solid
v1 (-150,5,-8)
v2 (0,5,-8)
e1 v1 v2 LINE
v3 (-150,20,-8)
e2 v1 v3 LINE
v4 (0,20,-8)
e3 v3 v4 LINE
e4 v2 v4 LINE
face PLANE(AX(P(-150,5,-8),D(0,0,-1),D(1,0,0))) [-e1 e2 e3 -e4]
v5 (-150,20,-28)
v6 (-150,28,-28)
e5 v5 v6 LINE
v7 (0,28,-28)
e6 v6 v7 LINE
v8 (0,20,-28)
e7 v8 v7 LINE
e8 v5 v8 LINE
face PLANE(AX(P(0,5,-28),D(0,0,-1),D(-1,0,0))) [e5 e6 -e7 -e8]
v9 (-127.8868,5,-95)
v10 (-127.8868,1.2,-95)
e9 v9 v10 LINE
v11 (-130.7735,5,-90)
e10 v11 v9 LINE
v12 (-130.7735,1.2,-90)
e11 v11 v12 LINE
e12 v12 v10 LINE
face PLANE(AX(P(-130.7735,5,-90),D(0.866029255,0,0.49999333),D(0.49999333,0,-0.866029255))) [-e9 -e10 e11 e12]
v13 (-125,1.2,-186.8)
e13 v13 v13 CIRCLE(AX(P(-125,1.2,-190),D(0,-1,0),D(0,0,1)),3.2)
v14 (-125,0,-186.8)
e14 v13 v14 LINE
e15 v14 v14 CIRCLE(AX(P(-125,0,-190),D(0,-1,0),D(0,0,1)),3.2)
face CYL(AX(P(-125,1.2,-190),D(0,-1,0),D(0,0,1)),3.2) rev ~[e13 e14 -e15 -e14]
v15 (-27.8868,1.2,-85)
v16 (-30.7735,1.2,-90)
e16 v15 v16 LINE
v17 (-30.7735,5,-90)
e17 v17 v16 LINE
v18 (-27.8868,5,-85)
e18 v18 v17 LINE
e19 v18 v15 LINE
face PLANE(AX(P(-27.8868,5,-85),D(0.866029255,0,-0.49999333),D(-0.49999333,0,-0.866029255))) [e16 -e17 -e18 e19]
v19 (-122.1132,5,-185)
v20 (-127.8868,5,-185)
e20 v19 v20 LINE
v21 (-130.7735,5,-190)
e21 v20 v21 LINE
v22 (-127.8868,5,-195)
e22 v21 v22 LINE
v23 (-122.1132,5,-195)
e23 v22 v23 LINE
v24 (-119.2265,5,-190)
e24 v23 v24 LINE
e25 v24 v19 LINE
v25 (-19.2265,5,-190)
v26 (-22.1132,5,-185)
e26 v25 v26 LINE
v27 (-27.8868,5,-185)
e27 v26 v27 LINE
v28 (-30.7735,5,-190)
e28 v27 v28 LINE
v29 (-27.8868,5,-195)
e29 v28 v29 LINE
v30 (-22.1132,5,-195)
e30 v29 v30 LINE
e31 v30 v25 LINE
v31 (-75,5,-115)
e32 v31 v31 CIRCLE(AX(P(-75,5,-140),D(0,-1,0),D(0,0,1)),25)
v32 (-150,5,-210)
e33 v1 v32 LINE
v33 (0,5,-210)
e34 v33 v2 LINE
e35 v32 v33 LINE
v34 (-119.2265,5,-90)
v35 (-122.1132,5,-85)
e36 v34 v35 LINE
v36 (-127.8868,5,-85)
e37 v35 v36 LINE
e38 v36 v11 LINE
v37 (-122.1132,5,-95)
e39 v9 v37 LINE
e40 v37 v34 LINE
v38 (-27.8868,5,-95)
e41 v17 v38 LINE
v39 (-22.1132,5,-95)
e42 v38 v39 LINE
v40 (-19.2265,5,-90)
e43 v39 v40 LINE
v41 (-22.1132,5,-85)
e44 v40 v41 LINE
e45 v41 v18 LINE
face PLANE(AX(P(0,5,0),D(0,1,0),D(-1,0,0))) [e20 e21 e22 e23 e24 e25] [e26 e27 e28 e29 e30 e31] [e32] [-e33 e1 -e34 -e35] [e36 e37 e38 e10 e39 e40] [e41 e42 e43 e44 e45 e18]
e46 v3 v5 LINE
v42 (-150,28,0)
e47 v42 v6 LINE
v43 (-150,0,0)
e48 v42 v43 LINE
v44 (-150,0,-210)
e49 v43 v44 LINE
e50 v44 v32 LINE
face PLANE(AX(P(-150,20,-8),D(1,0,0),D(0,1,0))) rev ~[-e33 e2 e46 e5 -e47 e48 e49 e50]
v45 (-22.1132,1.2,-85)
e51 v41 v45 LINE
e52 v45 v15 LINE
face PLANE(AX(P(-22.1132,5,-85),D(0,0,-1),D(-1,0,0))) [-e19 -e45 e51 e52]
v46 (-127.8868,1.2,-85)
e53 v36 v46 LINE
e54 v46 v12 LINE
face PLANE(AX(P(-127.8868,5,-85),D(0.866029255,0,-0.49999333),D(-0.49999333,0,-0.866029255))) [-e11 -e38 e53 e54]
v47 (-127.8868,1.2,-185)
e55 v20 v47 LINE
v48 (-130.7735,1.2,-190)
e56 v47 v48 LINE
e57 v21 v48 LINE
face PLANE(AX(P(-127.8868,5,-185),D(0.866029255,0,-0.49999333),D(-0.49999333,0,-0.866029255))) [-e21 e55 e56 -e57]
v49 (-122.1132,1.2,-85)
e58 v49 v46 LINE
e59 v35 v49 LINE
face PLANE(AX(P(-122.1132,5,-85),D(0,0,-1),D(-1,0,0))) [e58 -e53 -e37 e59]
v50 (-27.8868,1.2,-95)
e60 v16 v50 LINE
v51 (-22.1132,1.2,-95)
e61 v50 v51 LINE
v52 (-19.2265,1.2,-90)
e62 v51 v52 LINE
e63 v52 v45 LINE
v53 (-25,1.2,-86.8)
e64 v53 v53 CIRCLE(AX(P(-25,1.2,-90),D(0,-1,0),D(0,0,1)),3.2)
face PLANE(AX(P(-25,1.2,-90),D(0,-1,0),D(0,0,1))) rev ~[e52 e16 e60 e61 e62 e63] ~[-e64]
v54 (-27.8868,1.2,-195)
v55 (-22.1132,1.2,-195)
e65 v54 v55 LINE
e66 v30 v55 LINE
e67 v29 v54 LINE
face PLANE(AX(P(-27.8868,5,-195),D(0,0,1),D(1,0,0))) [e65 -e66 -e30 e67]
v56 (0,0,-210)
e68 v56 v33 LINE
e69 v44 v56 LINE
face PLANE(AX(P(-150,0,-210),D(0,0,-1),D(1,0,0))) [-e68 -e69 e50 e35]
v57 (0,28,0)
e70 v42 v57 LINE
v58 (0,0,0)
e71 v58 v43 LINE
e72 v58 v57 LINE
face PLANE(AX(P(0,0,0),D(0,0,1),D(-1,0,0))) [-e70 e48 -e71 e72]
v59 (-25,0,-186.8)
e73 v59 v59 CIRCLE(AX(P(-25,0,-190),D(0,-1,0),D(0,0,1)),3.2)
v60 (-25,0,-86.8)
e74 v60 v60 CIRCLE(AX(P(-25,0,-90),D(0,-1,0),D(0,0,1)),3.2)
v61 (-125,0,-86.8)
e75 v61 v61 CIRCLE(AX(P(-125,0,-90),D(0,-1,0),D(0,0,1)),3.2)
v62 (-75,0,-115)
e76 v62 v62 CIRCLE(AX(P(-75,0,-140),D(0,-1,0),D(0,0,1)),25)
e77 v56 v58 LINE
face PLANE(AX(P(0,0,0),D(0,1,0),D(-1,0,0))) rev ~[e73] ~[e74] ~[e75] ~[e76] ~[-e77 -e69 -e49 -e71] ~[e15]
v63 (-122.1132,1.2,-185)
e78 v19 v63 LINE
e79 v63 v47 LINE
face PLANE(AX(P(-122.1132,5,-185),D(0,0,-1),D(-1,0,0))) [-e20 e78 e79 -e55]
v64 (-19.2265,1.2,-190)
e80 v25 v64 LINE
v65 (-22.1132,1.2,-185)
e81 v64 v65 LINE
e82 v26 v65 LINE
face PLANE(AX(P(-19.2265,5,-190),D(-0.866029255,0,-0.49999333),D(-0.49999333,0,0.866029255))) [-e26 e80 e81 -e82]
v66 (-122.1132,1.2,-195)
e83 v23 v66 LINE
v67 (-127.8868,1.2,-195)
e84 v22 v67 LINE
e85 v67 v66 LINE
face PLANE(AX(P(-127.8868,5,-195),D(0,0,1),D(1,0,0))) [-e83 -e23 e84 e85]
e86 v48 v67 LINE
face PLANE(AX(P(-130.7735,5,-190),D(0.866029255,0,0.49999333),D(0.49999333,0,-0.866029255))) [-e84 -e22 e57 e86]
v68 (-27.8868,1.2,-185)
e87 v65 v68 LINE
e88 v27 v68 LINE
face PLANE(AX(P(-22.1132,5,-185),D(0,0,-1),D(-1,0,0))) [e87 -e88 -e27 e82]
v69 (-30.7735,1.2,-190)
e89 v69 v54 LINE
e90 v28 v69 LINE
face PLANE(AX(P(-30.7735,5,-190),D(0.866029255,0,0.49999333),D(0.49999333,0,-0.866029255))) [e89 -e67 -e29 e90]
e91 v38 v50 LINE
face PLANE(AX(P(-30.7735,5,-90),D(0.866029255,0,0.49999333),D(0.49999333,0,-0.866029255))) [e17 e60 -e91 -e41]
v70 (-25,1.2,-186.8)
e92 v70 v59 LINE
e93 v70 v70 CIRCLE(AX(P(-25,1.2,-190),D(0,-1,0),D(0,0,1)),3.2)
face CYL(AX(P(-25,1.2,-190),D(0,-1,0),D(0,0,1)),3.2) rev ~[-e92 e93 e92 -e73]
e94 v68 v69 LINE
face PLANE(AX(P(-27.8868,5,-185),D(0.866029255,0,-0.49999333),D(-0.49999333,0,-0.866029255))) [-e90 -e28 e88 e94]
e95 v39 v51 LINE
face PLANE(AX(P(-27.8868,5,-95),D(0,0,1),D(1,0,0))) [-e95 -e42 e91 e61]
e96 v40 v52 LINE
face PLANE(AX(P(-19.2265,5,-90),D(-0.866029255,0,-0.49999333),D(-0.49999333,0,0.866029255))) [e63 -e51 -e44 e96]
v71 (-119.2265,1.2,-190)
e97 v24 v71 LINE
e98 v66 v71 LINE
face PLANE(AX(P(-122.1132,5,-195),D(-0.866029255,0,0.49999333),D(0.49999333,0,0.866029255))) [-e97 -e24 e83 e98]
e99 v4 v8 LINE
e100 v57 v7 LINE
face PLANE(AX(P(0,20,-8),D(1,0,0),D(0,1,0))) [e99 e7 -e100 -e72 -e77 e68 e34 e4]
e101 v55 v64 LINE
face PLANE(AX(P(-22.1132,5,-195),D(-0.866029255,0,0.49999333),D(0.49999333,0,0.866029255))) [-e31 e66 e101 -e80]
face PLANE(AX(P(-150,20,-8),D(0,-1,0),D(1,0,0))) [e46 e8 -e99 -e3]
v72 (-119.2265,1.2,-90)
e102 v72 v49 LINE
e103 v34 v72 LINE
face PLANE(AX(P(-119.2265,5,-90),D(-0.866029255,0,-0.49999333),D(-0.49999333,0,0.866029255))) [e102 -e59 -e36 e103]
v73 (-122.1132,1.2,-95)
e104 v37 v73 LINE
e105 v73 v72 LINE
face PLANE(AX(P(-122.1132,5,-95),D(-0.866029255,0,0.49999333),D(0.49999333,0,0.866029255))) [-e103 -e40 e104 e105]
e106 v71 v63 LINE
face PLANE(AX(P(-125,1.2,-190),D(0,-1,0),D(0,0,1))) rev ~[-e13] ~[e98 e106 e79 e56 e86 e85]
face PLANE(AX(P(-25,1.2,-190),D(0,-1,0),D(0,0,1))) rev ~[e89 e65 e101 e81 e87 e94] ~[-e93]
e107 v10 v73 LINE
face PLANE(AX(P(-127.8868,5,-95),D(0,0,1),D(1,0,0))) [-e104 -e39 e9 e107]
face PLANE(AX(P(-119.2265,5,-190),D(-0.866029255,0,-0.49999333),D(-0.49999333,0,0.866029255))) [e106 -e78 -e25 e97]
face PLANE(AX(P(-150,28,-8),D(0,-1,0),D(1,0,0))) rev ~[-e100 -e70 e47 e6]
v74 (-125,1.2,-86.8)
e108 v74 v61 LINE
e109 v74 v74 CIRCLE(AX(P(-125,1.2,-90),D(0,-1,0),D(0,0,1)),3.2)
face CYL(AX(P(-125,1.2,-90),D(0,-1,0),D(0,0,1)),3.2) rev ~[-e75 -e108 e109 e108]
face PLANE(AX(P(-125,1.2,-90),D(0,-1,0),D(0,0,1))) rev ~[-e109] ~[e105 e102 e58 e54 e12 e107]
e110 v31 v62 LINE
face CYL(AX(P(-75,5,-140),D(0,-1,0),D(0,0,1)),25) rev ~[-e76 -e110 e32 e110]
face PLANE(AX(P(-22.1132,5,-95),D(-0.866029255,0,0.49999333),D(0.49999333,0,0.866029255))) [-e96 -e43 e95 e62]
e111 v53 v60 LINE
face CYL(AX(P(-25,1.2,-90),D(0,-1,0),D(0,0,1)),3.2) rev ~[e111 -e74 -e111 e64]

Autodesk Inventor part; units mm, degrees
ref_plane "YZ Plane" through (0, 0, 0) normal (1, 0, 0) x (0, 1, 0)
ref_plane "XZ Plane" through (0, 0, 0) normal (0, 1, 0) x (-1, 0, 0)
ref_plane "XY Plane" through (0, 0, 0) normal (0, 0, 1) x (1, 0, 0)
sketch "Sketch1" plane through (0, 0, 0) normal (0, 1, 0) x (-1, 0, 0)
  line L0 (0, 0) -> (150, 0)
  line L1 (150, 0) -> (150, -210)
  line L2 (150, -210) -> (0, -210)
  line L3 (0, -210) -> (0, 0)
  dimension "d11" = 150
  dimension "d12" = 210
extrude "Extrusion1" add sketch "Sketch1" along normal blind 5
sketch "Sketch2" plane through (0, 5, 0) normal (0, 1, 0) x (1, 0, 0)
  line L0 (-150, 0) -> (0, 0) projected
  line L1 (-150, 210) -> (-150, 0) projected
  line L2 (0, 0) -> (-150, 0)
  line L3 (-150, 0) -> (-150, 8)
  line L4 (-150, 8) -> (0, 8)
  line L5 (0, 8) -> (0, 0)
  dimension "d13" = 8
extrude "Extrusion2" add sketch "Sketch2" along normal blind 23
sketch "Sketch3" plane through (0, 5, -8) normal (0, 0, -1) x (-1, 0, 0)
  line L0 (150, 23) -> (0, 23) projected
  line L1 (150, -5) -> (150, 23) projected
  line L2 (0, 23) -> (150, 23)
  line L3 (150, 23) -> (150, 15)
  line L4 (150, 15) -> (0, 15)
  line L5 (0, 15) -> (0, 23)
  point P0 (0, -5)
  dimension "d14" = 8
extrude "Extrusion3" add sketch "Sketch3" along normal blind 20
sketch "Sketch6" plane through (0, 5, 0) normal (0, 1, 0) x (1, 0, 0)
  line L0 (-150, 8) -> (0, 8) projected
  line L1 (-75, 8) -> (-75, 210)
  line L2 (0, 210) -> (-150, 210) projected
  line L3 (-150, 210) -> (-150, 8) projected
  line L4 (-150, 140) -> (0, 140)
  line L5 (0, 8) -> (0, 210) projected
  circle A0 centre (-125, 90) radius 3.2
  circle A1 centre (-125, 190) radius 3.2
  circle A2 centre (-25, 190) radius 3.2
  circle A3 centre (-25, 90) radius 3.2
  line L6 (-150, 0) -> (0, 0) projected
  dimension "d44" = 50
  dimension "d45" = 6.4
  dimension "d46" = 50
  dimension "d64" = 140
hole "Hole2" at (-25, 5, -190) at (-25, 5, -90) at (-125, 5, -90) at (-125, 5, -190) direction (0, -1, 0) diameter 6.4 end through all counterbore diameter 9 counterbore depth 3.8
sketch "Sketch5" plane through (0, 5, 0) normal (0, 1, 0) x (1, 0, 0)
  line L0 (-27.8868, 195) -> (-22.1132, 195)
  line L1 (-22.1132, 195) -> (-19.2265, 190)
  line L2 (-19.2265, 190) -> (-22.1132, 185)
  line L3 (-22.1132, 185) -> (-27.8868, 185)
  line L4 (-27.8868, 185) -> (-30.7735, 190)
  line L5 (-30.7735, 190) -> (-27.8868, 195)
  line L6 (-27.8868, 85) -> (-30.7735, 90)
  line L7 (-30.7735, 90) -> (-27.8868, 95)
  line L8 (-27.8868, 95) -> (-22.1132, 95)
  line L9 (-22.1132, 95) -> (-19.2265, 90)
  line L10 (-19.2265, 90) -> (-22.1132, 85)
  line L11 (-22.1132, 85) -> (-27.8868, 85)
  line L12 (-127.8868, 185) -> (-130.7735, 190)
  line L13 (-130.7735, 190) -> (-127.8868, 195)
  line L14 (-127.8868, 195) -> (-122.1132, 195)
  line L15 (-122.1132, 195) -> (-119.2265, 190)
  line L16 (-119.2265, 190) -> (-122.1132, 185)
  line L17 (-122.1132, 185) -> (-127.8868, 185)
  line L18 (-150, 210) -> (0, 210) projected
  line L19 (-75, 210) -> (-75, 30.6019)
  line L20 (-127.8868, 85) -> (-130.7735, 90)
  line L21 (-130.7735, 90) -> (-127.8868, 95)
  line L22 (-127.8868, 95) -> (-122.1132, 95)
  line L23 (-122.1132, 95) -> (-119.2265, 90)
  line L24 (-119.2265, 90) -> (-122.1132, 85)
  line L25 (-122.1132, 85) -> (-127.8868, 85)
  line L26 (-150, 210) -> (-150, 8) projected
  line L27 (-146.8054, 140) -> (0, 140)
  line L28 (0, 210) -> (0, 0) projected
  line L29 (-150, 0) -> (0, 0) projected
  point P0 (-25, 190)
  point P1 (-25, 90)
  point P2 (-125, 190)
  point P3 (-125, 90)
  dimension "d34" = 10
  dimension "d54" = 10
  dimension "d55" = 10
  dimension "d56" = 10
  dimension "d57" = 100
  dimension "d58" = 100
  dimension "d65" = 140
extrude "Extrusion6" cut sketch "Sketch5" against normal blind 3.8 contours L0 L1 L2 L3 L4 L5 | L6 L7 L8 L9 L10 L11 | L12 L13 L14 L15 L16 L17 | L20 L21 L22 L23 L24 L25
sketch "Sketch7" plane through (0, 5, 0) normal (0, 1, 0) x (1, 0, 0)
  circle A0 centre (-75, 140) radius 27.9443
  line L0 (-150, 140) -> (0, 140)
  line L1 (-150, 210) -> (0, 210) projected
  line L2 (-75, 210) -> (-75, 0)
  line L3 (0, 210) -> (0, 0) projected
  line L4 (-150, 210) -> (0, 210)
  line L5 (0, 210) -> (0, 0)
  line L6 (0, 0) -> (-150, 0)
  line L7 (-150, 0) -> (-150, 210)
  line L8 (0, 8) -> (0, 210) projected
  line L9 (-150, 210) -> (-150, 8) projected
  line L10 (0, 210) -> (-150, 210) projected
  line L11 (-150, 0) -> (0, 0) projected
  dimension "d66" = 140
hole "Hole3" at (-75, 5, -140) direction (0, -1, 0) diameter 50 end through all
properties part number "Stand"
